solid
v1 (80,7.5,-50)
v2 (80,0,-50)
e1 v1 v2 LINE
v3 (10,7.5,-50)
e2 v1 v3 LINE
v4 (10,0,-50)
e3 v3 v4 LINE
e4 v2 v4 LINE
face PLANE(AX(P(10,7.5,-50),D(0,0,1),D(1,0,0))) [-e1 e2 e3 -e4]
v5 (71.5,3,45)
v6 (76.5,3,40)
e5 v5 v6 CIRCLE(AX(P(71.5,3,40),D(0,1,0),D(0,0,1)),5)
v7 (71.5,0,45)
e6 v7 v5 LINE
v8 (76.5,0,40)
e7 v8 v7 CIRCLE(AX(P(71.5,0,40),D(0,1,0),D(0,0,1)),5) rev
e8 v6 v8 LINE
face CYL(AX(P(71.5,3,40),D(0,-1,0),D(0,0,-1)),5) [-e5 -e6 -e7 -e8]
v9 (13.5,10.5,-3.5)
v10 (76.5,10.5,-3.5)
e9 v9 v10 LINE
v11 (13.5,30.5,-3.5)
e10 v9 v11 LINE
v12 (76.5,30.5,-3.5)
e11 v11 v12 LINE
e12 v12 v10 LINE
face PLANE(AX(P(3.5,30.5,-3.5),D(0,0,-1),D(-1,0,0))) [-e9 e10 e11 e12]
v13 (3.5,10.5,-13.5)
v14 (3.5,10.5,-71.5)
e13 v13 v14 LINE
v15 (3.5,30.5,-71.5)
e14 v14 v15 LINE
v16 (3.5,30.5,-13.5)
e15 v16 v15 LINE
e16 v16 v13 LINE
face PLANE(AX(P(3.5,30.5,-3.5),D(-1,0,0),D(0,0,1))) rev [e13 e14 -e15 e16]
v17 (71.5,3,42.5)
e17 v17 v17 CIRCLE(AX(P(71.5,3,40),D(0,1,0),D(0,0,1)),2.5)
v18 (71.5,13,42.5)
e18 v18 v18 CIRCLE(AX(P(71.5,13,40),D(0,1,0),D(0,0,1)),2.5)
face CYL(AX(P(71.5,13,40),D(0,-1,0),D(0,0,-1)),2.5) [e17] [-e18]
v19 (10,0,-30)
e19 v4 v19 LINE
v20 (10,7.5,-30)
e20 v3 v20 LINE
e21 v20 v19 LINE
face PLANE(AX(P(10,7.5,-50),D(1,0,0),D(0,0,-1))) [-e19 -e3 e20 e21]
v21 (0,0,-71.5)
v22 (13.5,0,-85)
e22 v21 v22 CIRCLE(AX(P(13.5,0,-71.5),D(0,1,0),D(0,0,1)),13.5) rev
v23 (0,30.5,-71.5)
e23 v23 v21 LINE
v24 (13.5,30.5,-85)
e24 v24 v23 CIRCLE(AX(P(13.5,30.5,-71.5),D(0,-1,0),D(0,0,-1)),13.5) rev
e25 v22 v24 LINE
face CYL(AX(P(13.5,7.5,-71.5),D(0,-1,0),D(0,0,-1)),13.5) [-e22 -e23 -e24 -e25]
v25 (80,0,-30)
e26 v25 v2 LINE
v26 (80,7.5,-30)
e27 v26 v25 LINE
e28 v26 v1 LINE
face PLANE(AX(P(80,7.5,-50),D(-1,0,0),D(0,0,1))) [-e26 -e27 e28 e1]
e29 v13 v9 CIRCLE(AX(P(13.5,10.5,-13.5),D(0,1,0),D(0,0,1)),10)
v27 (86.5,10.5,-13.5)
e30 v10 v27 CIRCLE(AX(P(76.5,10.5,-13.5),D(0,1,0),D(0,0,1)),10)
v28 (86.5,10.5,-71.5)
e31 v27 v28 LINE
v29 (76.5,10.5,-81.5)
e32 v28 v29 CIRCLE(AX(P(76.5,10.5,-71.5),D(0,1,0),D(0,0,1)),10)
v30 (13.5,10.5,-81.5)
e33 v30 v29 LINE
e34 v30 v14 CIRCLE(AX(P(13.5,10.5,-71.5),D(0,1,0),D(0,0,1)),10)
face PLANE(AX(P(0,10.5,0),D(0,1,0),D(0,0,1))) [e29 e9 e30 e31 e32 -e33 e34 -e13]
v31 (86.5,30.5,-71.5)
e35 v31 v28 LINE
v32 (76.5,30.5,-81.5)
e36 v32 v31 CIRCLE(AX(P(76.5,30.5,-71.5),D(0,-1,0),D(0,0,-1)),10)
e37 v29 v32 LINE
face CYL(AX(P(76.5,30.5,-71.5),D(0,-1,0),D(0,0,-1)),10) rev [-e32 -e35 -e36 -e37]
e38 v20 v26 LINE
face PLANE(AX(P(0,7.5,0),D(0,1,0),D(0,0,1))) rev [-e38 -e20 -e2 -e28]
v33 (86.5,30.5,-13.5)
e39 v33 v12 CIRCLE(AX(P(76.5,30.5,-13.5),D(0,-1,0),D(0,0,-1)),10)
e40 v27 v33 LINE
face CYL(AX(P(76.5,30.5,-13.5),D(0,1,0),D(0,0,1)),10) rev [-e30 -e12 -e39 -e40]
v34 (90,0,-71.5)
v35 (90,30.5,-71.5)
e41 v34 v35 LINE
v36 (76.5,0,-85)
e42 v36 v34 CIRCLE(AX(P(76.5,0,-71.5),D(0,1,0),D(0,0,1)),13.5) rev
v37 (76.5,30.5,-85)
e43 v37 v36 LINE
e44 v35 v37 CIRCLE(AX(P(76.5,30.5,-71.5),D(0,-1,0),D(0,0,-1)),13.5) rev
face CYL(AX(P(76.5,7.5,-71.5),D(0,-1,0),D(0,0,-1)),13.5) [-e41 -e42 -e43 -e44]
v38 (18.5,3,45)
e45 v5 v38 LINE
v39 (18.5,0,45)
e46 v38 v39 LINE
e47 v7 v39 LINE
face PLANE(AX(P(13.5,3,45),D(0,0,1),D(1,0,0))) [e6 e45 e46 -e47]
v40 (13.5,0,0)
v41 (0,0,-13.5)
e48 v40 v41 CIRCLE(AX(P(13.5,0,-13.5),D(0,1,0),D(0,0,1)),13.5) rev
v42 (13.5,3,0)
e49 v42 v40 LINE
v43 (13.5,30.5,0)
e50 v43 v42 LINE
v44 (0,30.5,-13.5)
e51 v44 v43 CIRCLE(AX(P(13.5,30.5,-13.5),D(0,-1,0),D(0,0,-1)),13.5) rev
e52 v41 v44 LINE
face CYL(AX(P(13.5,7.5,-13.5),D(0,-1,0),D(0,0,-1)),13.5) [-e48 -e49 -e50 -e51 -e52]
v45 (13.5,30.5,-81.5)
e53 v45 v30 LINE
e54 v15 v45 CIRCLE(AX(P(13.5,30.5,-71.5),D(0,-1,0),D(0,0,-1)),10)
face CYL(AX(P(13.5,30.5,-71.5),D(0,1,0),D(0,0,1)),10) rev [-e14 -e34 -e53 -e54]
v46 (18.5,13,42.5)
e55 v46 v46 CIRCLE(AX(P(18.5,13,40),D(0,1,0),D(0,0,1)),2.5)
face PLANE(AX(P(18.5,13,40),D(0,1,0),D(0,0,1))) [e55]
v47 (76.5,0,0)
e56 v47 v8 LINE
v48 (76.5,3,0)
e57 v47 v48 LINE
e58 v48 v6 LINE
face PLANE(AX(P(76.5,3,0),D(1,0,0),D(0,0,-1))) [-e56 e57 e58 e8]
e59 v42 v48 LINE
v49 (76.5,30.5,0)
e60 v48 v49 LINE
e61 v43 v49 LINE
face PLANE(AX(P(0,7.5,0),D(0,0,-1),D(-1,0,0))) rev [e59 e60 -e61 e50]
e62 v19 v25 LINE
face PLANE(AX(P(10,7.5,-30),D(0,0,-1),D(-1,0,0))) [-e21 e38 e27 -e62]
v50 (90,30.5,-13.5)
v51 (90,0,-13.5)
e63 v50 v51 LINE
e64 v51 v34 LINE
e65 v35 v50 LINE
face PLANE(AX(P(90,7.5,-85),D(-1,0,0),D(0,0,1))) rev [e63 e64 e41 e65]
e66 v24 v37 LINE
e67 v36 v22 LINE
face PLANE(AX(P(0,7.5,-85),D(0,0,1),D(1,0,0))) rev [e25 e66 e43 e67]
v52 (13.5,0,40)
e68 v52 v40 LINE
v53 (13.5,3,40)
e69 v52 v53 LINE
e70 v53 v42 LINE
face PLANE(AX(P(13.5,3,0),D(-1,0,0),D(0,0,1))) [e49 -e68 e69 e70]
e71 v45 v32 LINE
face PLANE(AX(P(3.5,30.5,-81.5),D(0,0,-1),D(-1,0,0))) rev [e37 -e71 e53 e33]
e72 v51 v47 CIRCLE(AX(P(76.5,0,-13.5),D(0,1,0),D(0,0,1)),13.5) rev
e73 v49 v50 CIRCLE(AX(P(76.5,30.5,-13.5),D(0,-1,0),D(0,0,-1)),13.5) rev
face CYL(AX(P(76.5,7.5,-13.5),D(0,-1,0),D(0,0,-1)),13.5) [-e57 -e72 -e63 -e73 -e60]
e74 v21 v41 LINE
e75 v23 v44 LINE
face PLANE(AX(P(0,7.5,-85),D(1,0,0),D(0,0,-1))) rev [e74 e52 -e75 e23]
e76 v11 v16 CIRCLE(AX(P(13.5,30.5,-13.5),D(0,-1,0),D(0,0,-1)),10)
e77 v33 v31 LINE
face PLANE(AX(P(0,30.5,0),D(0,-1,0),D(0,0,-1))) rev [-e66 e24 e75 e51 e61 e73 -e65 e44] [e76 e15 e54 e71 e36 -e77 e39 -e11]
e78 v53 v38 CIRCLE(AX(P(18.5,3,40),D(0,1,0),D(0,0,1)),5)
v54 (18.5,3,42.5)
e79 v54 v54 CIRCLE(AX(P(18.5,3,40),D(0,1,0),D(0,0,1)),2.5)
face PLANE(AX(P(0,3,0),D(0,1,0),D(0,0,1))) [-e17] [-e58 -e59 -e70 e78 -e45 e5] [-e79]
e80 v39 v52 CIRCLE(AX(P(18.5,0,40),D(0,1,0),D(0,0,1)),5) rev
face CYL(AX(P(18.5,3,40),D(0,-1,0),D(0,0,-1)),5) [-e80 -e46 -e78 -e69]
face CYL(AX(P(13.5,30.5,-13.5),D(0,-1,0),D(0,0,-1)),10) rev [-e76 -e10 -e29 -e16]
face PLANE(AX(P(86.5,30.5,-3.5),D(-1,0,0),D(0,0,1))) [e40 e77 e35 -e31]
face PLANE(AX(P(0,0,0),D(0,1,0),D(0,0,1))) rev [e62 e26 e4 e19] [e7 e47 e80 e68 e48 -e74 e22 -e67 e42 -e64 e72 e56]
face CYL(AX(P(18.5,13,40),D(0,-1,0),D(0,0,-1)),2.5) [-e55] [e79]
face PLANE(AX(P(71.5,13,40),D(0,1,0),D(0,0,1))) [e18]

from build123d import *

# Parameters (mm, degrees)
SKETCH1_W           = 90
SKETCH1_H           = 85
SKETCH1_W_2         = 70
SKETCH1_H_2         = 20
BOSS_EXTRUDE1_DEPTH = 7.5
SKETCH2_W           = 90
SKETCH2_H           = 85
BOSS_EXTRUDE2_DEPTH = 3
SKETCH3_W           = 90
SKETCH3_H           = 85
SKETCH3_W_2         = 83
SKETCH3_H_2         = 78
BOSS_EXTRUDE3_DEPTH = 20
FILLET1_R           = 10
FILLET3_R           = 10
FILLET4_R           = 10
FILLET5_R           = 10
FILLET7_R           = 13.5
FILLET8_R           = 13.5
FILLET9_R           = 13.5
FILLET10_R          = 13.5
SKETCH4_W           = 63
SKETCH4_H           = 45
BOSS_EXTRUDE4_DEPTH = 3
FILLET15_R          = 5
FILLET16_R          = 5
SKETCH7_R           = 2.5
BOSS_EXTRUDE6_DEPTH = 10


with BuildPart() as part:
    # Sketch1 → Boss-Extrude1 (new body)
    with BuildSketch(Plane(origin=(0, 0, 0), x_dir=(1, 0, 0), z_dir=(0, 1, 0))):
        with Locations((45, 42.5)):
            Rectangle(SKETCH1_W, SKETCH1_H)
        with Locations((45, 40)):
            Rectangle(SKETCH1_W_2, SKETCH1_H_2, mode=Mode.SUBTRACT)
    extrude(amount=BOSS_EXTRUDE1_DEPTH)

    # Sketch2 → Boss-Extrude2 (add)
    with BuildSketch(Plane(origin=(0, 7.5, 0), x_dir=(1, 0, 0), z_dir=(0, 1, 0))):
        with Locations((45, 42.5)):
            Rectangle(SKETCH2_W, SKETCH2_H)
    extrude(amount=BOSS_EXTRUDE2_DEPTH)

    # Sketch3 → Boss-Extrude3 (add)
    with BuildSketch(Plane(origin=(0, 10.5, 0), x_dir=(1, 0, 0), z_dir=(0, 1, 0))):
        with Locations((45, 42.5)):
            Rectangle(SKETCH3_W, SKETCH3_H)
        with Locations((45, 42.5)):
            Rectangle(SKETCH3_W_2, SKETCH3_H_2, mode=Mode.SUBTRACT)
    extrude(amount=BOSS_EXTRUDE3_DEPTH)

    # Fillet1
    fillet1_edges = [part.edges().sort_by_distance(p)[0] for p in [
        (3.5, 20.5, -81.5),
    ]]
    fillet(fillet1_edges, radius=FILLET1_R)

    # Fillet3
    fillet3_edges = [part.edges().sort_by_distance(p)[0] for p in [
        (86.5, 20.5, -81.5),
    ]]
    fillet(fillet3_edges, radius=FILLET3_R)

    # Fillet4
    fillet4_edges = [part.edges().sort_by_distance(p)[0] for p in [
        (3.5, 20.5, -3.5),
    ]]
    fillet(fillet4_edges, radius=FILLET4_R)

    # Fillet5
    fillet5_edges = [part.edges().sort_by_distance(p)[0] for p in [
        (86.5, 20.5, -3.5),
    ]]
    fillet(fillet5_edges, radius=FILLET5_R)

    # Fillet7
    fillet7_edges = [part.edges().sort_by_distance(p)[0] for p in [
        (0, 15.25, 0),
    ]]
    fillet(fillet7_edges, radius=FILLET7_R)

    # Fillet8
    fillet8_edges = [part.edges().sort_by_distance(p)[0] for p in [
        (90, 15.25, 0),
    ]]
    fillet(fillet8_edges, radius=FILLET8_R)

    # Fillet9
    fillet9_edges = [part.edges().sort_by_distance(p)[0] for p in [
        (90, 15.25, -85),
    ]]
    fillet(fillet9_edges, radius=FILLET9_R)

    # Fillet10
    fillet10_edges = [part.edges().sort_by_distance(p)[0] for p in [
        (0, 15.25, -85),
    ]]
    fillet(fillet10_edges, radius=FILLET10_R)

    # Sketch4 → Boss-Extrude4 (add)
    with BuildSketch(Plane.XZ):
        with Locations((45, 22.5)):
            Rectangle(SKETCH4_W, SKETCH4_H)
    extrude(amount=-BOSS_EXTRUDE4_DEPTH)

    # Fillet15
    fillet15_edges = [part.edges().sort_by_distance(p)[0] for p in [
        (13.5, 1.5, 45),
    ]]
    fillet(fillet15_edges, radius=FILLET15_R)

    # Fillet16
    fillet16_edges = [part.edges().sort_by_distance(p)[0] for p in [
        (76.5, 1.5, 45),
    ]]
    fillet(fillet16_edges, radius=FILLET16_R)

    # Sketch7 → Boss-Extrude6 (add)
    with BuildSketch(Plane(origin=(0, 3, 0), x_dir=(1, 0, 0), z_dir=(0, 1, 0))):
        with Locations(Location((18.5, -40, 0), (0, 0, 270))):
            Circle(SKETCH7_R)
        with Locations(Location((71.5, -40, 0), (0, 0, 270))):
            Circle(SKETCH7_R)
    extrude(amount=BOSS_EXTRUDE6_DEPTH)


solid = part.part
